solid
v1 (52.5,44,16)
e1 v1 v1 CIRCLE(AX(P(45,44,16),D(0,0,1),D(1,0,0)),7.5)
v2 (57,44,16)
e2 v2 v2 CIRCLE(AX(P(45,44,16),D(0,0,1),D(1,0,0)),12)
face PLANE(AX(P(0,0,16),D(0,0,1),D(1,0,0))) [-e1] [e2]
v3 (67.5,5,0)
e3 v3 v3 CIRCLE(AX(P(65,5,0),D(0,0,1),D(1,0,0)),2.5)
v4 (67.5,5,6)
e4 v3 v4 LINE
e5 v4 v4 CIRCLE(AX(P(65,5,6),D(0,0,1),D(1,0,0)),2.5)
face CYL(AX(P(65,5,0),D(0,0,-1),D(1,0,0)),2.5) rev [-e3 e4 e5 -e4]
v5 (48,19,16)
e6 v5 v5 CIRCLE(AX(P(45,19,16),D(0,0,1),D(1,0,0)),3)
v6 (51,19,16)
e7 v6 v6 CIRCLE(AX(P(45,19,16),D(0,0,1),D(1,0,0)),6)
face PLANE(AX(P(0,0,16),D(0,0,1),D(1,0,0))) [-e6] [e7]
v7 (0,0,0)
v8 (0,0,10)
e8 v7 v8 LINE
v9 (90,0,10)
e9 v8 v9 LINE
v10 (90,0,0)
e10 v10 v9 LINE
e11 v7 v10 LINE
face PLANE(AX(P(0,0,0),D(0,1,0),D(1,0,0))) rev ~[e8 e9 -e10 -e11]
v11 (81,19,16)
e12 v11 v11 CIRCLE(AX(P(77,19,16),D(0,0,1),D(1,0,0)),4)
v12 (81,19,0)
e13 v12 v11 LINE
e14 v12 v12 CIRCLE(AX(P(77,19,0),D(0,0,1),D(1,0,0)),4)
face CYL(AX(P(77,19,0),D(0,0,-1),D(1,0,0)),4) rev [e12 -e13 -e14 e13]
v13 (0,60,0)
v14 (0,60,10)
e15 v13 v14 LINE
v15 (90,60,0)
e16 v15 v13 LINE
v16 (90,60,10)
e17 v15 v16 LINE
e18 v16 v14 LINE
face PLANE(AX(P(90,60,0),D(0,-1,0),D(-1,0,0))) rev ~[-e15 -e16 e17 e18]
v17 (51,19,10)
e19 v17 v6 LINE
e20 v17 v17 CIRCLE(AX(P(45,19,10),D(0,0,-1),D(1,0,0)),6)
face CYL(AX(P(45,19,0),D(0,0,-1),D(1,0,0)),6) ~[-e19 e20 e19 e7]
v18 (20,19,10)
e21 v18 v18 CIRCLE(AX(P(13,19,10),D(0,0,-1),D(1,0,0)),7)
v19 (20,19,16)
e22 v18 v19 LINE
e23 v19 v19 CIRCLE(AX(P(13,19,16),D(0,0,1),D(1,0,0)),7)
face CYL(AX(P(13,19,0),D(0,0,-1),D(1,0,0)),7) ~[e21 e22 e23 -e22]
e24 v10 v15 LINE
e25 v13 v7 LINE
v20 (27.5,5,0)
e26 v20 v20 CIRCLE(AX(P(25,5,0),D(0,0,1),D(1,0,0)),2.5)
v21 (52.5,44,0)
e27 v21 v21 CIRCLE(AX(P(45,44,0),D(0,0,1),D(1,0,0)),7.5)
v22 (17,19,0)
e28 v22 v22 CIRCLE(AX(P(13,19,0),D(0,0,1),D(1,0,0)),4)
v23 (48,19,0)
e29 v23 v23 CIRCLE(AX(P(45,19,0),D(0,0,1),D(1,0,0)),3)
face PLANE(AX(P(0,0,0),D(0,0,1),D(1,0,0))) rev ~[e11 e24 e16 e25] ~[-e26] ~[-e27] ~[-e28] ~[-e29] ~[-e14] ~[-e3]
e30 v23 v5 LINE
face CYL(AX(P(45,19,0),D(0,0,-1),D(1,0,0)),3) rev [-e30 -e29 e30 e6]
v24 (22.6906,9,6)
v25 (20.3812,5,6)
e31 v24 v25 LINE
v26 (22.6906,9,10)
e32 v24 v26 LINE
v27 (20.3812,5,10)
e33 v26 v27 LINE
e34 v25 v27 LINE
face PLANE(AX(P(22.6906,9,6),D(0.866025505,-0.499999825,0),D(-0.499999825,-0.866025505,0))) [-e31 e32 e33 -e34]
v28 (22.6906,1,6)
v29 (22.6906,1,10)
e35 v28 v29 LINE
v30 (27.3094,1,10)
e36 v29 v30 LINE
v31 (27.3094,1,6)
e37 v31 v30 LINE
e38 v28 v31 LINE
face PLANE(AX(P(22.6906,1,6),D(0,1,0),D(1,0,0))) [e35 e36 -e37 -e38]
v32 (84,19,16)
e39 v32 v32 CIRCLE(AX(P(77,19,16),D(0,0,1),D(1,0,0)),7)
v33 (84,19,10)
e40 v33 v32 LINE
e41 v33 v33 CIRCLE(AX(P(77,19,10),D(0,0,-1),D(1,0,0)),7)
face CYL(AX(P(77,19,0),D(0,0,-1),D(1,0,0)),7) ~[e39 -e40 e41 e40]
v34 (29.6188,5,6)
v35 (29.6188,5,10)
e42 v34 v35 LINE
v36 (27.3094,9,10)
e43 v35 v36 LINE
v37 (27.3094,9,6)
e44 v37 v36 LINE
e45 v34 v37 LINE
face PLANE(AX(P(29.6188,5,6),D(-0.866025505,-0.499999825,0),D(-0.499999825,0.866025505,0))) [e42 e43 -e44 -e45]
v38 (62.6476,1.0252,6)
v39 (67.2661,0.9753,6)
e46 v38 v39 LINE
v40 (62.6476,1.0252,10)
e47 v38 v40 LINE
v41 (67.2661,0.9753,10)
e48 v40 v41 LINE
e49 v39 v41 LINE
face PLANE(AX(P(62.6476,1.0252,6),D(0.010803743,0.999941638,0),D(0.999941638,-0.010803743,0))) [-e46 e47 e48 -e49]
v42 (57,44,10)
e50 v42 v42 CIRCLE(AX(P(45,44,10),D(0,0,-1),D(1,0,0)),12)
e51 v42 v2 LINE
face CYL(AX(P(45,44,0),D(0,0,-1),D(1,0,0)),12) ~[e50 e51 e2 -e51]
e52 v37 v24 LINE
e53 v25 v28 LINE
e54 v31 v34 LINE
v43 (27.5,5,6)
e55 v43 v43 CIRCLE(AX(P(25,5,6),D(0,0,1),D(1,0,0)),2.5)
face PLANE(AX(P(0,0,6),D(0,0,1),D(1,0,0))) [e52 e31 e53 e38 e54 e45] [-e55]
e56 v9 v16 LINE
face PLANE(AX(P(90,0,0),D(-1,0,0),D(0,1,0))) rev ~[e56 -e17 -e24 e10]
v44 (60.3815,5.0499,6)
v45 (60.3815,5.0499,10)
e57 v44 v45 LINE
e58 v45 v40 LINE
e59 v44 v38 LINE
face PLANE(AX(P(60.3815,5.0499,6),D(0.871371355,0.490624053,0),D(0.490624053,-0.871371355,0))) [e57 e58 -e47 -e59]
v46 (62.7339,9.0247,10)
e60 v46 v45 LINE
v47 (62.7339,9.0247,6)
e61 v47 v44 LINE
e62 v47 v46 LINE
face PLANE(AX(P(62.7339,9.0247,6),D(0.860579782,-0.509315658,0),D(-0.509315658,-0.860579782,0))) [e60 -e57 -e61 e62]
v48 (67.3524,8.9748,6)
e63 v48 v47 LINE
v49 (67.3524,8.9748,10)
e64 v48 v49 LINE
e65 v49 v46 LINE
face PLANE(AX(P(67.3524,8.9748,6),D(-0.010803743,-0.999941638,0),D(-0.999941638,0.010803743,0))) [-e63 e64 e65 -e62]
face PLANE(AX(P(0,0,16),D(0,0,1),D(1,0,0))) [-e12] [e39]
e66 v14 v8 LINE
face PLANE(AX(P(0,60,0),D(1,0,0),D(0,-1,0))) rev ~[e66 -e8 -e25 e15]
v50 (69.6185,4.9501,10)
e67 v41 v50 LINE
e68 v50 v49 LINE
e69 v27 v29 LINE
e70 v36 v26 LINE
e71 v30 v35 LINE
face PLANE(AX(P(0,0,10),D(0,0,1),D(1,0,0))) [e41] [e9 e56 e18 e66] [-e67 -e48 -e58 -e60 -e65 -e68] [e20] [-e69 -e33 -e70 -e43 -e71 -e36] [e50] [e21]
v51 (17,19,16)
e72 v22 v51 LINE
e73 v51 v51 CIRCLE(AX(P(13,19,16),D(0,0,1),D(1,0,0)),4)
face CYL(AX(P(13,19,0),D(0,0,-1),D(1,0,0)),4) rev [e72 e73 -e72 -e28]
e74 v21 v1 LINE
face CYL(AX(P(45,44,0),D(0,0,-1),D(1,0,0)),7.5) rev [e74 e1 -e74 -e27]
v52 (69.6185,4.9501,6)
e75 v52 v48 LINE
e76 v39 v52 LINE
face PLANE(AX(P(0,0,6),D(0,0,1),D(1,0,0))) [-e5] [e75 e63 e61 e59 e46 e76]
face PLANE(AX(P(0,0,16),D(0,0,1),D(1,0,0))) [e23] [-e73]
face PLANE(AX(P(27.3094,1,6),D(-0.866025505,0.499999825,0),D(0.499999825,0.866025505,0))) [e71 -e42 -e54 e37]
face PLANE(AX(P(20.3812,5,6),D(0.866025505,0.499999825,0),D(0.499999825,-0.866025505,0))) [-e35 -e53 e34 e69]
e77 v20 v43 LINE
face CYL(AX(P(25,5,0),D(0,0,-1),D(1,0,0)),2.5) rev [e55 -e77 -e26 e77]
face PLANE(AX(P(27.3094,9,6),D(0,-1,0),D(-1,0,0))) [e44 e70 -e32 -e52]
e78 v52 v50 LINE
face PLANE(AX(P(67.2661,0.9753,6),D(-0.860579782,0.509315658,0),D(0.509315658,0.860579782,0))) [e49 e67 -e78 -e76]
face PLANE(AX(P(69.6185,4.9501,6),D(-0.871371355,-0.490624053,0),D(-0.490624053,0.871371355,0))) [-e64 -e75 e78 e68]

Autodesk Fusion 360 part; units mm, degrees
sketch "Sketch1" plane through (0, 0, 0) normal (0, 0, 1) x (1, 0, 0)
  line L0 (0, 0) -> (90, 0)
  line L1 (90, 0) -> (90, 60)
  line L2 (90, 60) -> (0, 60)
  line L3 (0, 60) -> (0, 0)
  circle A0 centre (45, 19) radius 3
  circle A1 centre (13, 19) radius 4
  circle A2 centre (77, 19) radius 4
  circle A3 centre (45, 44) radius 7.5
  line L4 (22.6906, 1) -> (27.3094, 1)
  line L5 (27.3094, 1) -> (29.6188, 5)
  line L6 (29.6188, 5) -> (27.3094, 9)
  line L7 (27.3094, 9) -> (22.6906, 9)
  line L8 (22.6906, 9) -> (20.3812, 5)
  line L9 (20.3812, 5) -> (22.6906, 1)
  line L10 (67.3524, 8.9748) -> (62.7339, 9.0247)
  line L11 (62.7339, 9.0247) -> (60.3815, 5.0499)
  line L12 (60.3815, 5.0499) -> (62.6476, 1.0252)
  line L13 (62.6476, 1.0252) -> (67.2661, 0.9753)
  line L14 (67.2661, 0.9753) -> (69.6185, 4.9501)
  line L15 (69.6185, 4.9501) -> (67.3524, 8.9748)
  circle A4 centre (25, 5) radius 2.5
  circle A5 centre (65, 5) radius 2.5
  circle A6 centre (45, 44) radius 12
  circle A7 centre (77, 19) radius 7
  circle A8 centre (45, 19) radius 6
  circle A9 centre (13, 19) radius 7
  point P0 (25, 5)
  point P1 (65, 5)
  dimension "d4" = 90
  dimension "d5" = 60
  dimension "d6" = 45
  dimension "d7" = 32
  dimension "d8" = 32
  dimension "d9" = 19
  dimension "d10" = 19
  dimension "d11" = 19
  dimension "d12" = 25
  dimension "d16" = 8
  dimension "d17" = 25
  dimension "d19" = 5
  dimension "d20" = 8
  dimension "d21" = 40
  dimension "d22" = 5
extrude "Extrude1" add sketch "Sketch1" along normal blind 10 contours L0 L1 L2 L3 | L4 L5 L6 L7 L8 L9 | L10 L11 L12 L13 L14 L15 | A6 | A7 | A8 | A9
extrude "Extrude2" cut sketch "Sketch1" along normal blind 10 and the other way blind -6 contours L4 L5 L6 L7 L8 L9 | L10 L11 L12 L13 L14 L15
extrude "Extrude3" add sketch "Sketch1" along normal blind 16 contours A6 | A7 | A8 | A9
